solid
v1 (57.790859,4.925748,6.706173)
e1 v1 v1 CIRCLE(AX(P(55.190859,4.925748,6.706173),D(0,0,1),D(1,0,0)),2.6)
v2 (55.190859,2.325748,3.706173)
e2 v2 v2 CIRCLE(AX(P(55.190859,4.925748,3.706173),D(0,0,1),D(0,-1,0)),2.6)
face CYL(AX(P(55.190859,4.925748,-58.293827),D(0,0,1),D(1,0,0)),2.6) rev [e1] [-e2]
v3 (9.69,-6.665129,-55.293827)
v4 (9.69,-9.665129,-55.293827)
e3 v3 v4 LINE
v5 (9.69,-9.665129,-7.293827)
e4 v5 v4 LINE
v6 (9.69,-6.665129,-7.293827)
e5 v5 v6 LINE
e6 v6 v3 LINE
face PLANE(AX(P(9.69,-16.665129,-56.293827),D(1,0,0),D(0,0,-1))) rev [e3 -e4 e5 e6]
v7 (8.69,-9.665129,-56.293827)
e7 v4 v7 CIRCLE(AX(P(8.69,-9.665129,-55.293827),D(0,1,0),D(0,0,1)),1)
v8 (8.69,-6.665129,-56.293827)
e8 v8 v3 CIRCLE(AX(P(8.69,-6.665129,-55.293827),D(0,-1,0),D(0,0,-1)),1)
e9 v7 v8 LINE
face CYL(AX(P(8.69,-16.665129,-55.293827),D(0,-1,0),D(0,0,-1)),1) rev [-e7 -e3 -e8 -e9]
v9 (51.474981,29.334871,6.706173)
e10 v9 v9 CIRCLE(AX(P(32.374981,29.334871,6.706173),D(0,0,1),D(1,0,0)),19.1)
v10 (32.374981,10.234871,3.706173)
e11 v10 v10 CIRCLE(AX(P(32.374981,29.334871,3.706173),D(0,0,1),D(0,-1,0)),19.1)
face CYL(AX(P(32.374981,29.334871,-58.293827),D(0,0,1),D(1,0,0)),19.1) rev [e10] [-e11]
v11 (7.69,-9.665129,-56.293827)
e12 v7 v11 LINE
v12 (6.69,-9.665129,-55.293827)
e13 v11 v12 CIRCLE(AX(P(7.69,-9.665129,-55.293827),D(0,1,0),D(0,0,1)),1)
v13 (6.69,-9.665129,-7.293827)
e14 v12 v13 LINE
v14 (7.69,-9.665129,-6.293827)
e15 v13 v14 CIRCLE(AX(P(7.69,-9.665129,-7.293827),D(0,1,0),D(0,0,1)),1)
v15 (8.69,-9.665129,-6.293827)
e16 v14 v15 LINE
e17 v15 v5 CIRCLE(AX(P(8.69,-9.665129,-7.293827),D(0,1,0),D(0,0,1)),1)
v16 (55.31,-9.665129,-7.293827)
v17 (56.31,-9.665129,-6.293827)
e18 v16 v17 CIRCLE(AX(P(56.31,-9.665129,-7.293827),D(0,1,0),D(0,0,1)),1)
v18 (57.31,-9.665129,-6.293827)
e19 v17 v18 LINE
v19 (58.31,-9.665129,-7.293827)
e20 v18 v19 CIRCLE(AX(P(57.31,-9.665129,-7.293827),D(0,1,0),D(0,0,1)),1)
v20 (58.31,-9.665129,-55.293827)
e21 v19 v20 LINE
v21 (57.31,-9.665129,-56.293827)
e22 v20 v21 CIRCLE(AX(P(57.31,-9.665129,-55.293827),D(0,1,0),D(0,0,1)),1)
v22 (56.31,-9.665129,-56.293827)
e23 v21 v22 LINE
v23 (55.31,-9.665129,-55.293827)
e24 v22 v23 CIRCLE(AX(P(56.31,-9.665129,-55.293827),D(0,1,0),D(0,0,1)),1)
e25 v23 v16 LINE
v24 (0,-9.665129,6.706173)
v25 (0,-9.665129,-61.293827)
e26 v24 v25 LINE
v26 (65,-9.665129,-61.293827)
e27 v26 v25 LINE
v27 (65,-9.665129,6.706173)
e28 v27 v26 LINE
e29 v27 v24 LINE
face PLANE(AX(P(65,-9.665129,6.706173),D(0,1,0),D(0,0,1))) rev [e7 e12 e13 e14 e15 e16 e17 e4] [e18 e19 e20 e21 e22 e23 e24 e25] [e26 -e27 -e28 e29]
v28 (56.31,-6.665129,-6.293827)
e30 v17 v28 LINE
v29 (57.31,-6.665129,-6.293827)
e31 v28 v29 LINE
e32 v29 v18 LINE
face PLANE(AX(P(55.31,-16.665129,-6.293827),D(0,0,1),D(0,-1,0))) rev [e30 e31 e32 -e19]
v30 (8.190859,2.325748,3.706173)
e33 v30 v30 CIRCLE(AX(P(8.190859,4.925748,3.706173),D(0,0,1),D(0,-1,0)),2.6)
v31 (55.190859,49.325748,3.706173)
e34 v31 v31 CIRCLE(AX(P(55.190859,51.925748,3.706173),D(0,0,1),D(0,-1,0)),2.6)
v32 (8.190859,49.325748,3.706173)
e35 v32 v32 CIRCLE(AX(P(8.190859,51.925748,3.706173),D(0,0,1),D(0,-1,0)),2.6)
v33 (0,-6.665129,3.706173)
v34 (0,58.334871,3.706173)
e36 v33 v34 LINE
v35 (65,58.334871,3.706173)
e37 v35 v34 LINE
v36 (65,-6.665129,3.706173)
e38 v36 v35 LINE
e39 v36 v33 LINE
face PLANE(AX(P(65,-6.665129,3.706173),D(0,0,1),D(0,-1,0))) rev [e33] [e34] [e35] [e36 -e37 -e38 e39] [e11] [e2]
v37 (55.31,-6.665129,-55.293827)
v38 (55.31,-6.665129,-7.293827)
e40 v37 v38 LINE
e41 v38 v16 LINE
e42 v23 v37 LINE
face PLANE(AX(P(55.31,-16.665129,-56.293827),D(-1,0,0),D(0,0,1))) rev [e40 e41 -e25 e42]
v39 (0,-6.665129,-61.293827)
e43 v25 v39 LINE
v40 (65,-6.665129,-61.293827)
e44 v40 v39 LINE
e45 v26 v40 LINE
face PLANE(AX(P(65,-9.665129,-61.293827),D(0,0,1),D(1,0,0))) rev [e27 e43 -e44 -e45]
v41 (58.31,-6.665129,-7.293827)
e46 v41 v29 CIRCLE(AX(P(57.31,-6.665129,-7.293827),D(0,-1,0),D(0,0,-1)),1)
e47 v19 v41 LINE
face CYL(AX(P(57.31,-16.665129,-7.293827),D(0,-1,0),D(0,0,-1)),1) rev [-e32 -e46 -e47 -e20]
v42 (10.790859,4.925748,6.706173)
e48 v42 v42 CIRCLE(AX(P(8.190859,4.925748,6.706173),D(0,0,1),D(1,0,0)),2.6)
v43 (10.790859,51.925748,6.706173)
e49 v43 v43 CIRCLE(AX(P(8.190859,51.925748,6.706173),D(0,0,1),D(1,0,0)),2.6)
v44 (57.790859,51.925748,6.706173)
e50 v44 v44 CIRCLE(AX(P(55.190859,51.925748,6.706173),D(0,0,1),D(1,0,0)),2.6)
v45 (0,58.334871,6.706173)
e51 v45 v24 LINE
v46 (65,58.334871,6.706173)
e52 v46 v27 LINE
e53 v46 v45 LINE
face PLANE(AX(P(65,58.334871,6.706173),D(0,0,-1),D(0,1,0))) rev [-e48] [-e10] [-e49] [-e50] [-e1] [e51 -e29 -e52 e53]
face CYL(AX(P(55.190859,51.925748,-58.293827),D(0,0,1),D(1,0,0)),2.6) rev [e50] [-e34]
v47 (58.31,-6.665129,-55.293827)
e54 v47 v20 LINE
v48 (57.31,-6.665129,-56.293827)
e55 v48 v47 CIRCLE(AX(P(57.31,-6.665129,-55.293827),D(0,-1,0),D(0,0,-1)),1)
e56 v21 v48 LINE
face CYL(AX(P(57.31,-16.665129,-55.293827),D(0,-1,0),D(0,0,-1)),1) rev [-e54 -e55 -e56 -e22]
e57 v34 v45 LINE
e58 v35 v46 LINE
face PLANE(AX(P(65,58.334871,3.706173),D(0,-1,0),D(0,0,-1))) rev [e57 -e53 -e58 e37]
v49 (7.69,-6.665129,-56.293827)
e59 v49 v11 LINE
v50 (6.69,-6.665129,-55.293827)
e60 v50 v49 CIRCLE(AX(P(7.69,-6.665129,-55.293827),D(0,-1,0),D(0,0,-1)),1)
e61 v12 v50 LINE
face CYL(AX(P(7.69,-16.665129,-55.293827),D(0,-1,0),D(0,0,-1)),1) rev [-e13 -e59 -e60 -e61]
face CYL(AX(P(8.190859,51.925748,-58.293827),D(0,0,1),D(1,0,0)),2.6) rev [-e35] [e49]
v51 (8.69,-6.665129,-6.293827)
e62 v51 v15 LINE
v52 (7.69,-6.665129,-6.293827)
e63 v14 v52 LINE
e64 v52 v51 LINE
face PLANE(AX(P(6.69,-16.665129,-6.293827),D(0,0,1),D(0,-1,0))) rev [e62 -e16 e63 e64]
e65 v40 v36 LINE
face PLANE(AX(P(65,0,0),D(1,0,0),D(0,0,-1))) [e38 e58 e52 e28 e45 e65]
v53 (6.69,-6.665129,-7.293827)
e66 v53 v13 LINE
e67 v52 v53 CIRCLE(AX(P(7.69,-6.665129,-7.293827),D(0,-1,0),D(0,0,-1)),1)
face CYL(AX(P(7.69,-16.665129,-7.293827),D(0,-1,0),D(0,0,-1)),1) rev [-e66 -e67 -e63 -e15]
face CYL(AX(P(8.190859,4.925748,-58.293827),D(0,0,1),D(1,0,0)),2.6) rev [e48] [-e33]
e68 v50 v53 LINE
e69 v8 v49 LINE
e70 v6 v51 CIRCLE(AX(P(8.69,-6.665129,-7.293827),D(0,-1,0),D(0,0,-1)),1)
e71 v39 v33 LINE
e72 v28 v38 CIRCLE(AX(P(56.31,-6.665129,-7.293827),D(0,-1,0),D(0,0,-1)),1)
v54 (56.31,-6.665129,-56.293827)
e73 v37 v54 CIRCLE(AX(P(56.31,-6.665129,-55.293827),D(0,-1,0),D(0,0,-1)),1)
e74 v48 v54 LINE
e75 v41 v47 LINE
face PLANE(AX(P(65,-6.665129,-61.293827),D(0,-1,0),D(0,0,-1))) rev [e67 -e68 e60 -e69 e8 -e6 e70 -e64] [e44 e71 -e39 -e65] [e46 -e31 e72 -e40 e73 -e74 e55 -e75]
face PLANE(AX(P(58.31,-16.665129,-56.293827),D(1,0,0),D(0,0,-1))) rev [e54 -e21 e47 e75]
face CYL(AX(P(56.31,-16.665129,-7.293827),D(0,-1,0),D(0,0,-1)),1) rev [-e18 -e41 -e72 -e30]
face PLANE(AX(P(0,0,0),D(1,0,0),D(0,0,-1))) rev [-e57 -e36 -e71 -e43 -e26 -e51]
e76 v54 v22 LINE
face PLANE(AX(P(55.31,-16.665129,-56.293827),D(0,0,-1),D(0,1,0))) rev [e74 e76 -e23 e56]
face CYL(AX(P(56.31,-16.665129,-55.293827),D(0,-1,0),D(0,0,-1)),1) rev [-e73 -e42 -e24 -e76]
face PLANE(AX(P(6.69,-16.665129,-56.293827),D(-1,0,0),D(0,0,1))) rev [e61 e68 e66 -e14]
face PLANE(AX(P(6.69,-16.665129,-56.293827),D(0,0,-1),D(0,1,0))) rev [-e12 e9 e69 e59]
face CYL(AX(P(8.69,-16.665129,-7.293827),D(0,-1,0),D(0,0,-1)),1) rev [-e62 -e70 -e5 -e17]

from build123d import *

# Parameters (mm, degrees)
EXTRUDE_1_DEPTH     = 65
SKETCH_2_R          = 19.1
SKETCH_2_R_2        = 2.6
CUT_EXTRUDE_1_DEPTH = 65
SKETCH_3_W          = 3
SKETCH_3_H          = 50
CUT_EXTRUDE_2_DEPTH = 10
FILLET_1_R          = 1


with BuildPart() as part:
    # 草图1 → 凸台-拉伸1 (new body)
    with BuildSketch(Plane(origin=(0, 0, 0), x_dir=(0, 0, -1), z_dir=(1, 0, 0))):
        Polygon((-6.706172895, 58.33487067), (-6.706172895, -9.66512933), (61.293827105, -9.66512933), (61.293827105, -6.66512933), (-3.706172895, -6.66512933), (-3.706172895, 58.33487067), align=None)
    extrude(amount=EXTRUDE_1_DEPTH)

    # 草图2 → 切除-拉伸1 (cut)
    with BuildSketch(Plane.XY.offset(6.706172895)):
        with Locations((32.374981494, 29.33487067)):
            Circle(SKETCH_2_R)
        with Locations((8.190858784, 51.925747661)):
            Circle(SKETCH_2_R_2)
        with Locations((55.190858784, 51.925747661)):
            Circle(SKETCH_2_R_2)
        with Locations((8.190858784, 4.925747661)):
            Circle(SKETCH_2_R_2)
        with Locations((55.190858784, 4.925747661)):
            Circle(SKETCH_2_R_2)
    extrude(amount=-CUT_EXTRUDE_1_DEPTH, mode=Mode.SUBTRACT)

    # 草图3 → 切除-拉伸2 (cut)
    with BuildSketch(Plane(origin=(0, -6.66512933, 0), x_dir=(1, 0, 0), z_dir=(0, 1, 0))):
        with Locations((8.19, 31.293827105)):
            Rectangle(SKETCH_3_W, SKETCH_3_H)
        with Locations((56.81, 31.293827105)):
            Rectangle(SKETCH_3_W, SKETCH_3_H)
    extrude(amount=-CUT_EXTRUDE_2_DEPTH, mode=Mode.SUBTRACT)

    # 圆角1
    fillet_1_edges = [part.edges().sort_by_distance(p)[0] for p in [
        (6.69, -8.16512933, -6.293827105),
        (6.69, -8.16512933, -56.293827105),
        (9.69, -8.16512933, -56.293827105),
        (9.69, -8.16512933, -6.293827105),
        (55.31, -8.16512933, -6.293827105),
        (55.31, -8.16512933, -56.293827105),
        (58.31, -8.16512933, -56.293827105),
        (58.31, -8.16512933, -6.293827105),
    ]]
    fillet(fillet_1_edges, radius=FILLET_1_R)


solid = part.part
